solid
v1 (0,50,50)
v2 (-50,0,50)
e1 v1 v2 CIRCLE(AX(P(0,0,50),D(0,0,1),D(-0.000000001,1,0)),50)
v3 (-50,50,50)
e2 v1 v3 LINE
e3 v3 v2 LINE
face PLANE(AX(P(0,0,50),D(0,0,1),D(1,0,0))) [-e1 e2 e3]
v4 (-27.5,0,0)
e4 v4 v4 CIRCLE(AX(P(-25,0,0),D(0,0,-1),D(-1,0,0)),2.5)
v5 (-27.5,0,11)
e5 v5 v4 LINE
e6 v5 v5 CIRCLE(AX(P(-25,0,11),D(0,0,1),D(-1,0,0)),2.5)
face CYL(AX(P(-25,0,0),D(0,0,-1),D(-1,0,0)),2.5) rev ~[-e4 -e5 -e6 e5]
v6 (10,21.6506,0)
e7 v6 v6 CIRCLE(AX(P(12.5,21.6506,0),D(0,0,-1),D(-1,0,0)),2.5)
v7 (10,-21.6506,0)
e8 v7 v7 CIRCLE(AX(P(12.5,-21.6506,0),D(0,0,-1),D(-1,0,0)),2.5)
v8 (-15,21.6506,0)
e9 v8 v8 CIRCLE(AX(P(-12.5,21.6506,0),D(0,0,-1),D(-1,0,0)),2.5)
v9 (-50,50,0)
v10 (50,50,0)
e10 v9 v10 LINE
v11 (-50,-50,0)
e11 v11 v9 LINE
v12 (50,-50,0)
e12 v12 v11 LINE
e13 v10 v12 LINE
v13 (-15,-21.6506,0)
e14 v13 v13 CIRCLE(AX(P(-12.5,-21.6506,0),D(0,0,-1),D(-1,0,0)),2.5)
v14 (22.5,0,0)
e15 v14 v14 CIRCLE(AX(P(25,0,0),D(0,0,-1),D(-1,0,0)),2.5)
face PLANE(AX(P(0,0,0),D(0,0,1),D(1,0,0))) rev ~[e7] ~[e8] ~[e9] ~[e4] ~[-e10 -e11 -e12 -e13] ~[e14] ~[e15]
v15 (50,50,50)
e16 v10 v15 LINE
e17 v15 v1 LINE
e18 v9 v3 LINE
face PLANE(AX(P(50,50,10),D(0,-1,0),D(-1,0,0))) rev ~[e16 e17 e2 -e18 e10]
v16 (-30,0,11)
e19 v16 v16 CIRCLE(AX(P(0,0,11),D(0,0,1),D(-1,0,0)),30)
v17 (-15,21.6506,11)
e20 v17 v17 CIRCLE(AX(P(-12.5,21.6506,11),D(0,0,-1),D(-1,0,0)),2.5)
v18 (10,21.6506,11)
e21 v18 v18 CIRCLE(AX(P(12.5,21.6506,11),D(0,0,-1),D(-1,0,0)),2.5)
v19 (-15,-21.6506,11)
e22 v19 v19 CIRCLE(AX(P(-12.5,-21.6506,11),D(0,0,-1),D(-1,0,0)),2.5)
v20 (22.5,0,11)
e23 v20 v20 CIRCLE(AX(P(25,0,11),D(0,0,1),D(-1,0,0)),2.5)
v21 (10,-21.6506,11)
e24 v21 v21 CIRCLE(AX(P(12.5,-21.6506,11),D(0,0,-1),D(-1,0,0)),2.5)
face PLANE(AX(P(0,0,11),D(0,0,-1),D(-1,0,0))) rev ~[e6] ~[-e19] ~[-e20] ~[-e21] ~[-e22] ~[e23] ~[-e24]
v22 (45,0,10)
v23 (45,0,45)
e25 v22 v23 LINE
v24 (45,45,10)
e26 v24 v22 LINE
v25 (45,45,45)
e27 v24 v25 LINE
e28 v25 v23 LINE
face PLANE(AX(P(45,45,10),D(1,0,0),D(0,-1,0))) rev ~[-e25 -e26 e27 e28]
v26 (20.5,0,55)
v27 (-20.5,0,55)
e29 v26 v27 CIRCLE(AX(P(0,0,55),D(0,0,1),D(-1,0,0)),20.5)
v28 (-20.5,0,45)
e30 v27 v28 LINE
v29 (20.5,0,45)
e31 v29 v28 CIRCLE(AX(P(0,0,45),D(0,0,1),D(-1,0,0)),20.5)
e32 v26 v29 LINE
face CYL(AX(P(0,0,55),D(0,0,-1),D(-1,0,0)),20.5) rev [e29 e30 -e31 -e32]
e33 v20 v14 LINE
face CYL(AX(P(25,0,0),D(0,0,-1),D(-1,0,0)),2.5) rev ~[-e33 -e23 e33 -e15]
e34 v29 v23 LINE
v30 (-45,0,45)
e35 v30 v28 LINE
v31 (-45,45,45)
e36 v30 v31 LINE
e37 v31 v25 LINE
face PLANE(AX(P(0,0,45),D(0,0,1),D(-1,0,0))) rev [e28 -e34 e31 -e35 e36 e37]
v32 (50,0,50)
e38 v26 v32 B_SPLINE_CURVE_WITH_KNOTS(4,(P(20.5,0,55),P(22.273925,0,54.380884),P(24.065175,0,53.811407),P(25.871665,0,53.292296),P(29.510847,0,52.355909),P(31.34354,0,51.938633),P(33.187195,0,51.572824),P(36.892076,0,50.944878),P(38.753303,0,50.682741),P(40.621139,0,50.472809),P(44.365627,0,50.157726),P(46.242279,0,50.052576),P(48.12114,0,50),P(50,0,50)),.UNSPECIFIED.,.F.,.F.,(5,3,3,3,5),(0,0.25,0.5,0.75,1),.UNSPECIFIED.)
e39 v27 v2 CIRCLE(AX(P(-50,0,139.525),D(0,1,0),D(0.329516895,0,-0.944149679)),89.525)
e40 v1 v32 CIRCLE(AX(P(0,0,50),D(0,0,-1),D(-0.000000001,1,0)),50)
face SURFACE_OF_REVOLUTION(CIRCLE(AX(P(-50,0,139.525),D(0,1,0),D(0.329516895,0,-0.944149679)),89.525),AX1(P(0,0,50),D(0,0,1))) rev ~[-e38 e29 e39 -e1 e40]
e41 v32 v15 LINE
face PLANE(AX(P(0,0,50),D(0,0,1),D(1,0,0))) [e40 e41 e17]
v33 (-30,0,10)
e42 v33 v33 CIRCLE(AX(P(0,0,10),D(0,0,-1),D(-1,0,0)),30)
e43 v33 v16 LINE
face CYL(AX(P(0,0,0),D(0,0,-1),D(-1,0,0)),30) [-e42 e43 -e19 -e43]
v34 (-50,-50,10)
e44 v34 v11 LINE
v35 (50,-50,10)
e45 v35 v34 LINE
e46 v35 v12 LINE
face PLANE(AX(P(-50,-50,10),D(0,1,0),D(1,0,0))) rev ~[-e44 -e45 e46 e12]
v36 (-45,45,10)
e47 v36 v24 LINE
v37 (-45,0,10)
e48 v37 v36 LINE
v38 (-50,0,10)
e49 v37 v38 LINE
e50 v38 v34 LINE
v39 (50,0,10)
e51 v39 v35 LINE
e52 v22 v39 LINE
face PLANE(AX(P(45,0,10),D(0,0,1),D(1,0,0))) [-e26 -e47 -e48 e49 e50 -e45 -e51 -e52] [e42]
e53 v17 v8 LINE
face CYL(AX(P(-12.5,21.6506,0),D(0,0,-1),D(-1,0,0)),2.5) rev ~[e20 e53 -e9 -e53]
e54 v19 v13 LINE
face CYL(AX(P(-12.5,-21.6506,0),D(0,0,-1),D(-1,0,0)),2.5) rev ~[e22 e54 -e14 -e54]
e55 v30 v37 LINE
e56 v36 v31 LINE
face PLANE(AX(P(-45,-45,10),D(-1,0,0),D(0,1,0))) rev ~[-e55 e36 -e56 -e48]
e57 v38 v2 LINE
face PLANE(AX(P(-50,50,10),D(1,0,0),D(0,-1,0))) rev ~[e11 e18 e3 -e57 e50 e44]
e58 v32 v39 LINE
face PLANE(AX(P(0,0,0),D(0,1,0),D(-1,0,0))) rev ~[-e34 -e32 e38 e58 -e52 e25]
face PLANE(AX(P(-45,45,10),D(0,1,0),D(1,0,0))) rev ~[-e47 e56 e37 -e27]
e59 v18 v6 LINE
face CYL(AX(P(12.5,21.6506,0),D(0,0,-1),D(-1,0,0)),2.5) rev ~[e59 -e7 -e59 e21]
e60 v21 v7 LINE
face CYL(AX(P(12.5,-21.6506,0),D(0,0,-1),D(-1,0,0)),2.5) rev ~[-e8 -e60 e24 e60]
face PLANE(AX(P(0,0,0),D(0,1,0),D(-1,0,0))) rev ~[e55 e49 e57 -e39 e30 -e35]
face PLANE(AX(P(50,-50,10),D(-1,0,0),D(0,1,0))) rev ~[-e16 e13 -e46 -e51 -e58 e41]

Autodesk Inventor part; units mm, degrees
ref_plane "YZ Plane" through (0, 0, 0) normal (1, 0, 0) x (0, 1, 0)
ref_plane "XZ Plane" through (0, 0, 0) normal (0, 1, 0) x (-1, 0, 0)
ref_plane "XY Plane" through (0, 0, 0) normal (0, 0, 1) x (1, 0, 0)
sketch "Sketch1" plane through (0, 0, 0) normal (0, 0, 1) x (1, 0, 0)
  circle A0 centre (0, 0) radius 30
  line L0 (50, -50) -> (-50, -50)
  line L1 (-50, -50) -> (-50, 50)
  line L2 (-50, 50) -> (50, 50)
  line L3 (50, 50) -> (50, -50)
  line L4 (50, -50) -> (-50, 50) construction
  line L5 (-50, -50) -> (50, 50) construction
  dimension "d2" = 60
  dimension "d30" = 100
  dimension "d31" = 100
extrude "Extrusion1" add sketch "Sketch1" along normal blind 10 contours A0 | L0 L1 L2 L3
sketch "Sketch2" plane through (0, 0, 0) normal (0, 0, -1) x (-1, 0, 0)
  circle A0 centre (0, 0) radius 25 construction
  line L0 (0, 0) -> (-12.5, 21.6506) construction
  line L1 (0, 0) -> (25, 0) construction
  line L2 (0, 0) -> (-25, 0) construction
  line L3 (0, 0) -> (12.5, -21.6506) construction
  line L4 (0, 0) -> (12.5, 21.6506) construction
  line L5 (0, 0) -> (-12.5, -21.6506) construction
  circle A1 centre (12.5, 21.6506) radius 2.5
  circle A2 centre (-12.5, 21.6506) radius 2.5
  circle A3 centre (-25, 0) radius 2.5
  circle A4 centre (-12.5, -21.6506) radius 2.5
  circle A5 centre (12.5, -21.6506) radius 2.5
  circle A6 centre (25, 0) radius 2.5
  dimension "d3" = 50
  dimension "d4" = 60
  dimension "d5" = 60
  dimension "d6" = 60
  dimension "d7" = 60
  dimension "d8" = 60
  dimension "d9" = 5
  dimension "d10" = 5
  dimension "d11" = 5
  dimension "d12" = 5
  dimension "d13" = 5
  dimension "d14" = 5
extrude "Extrusion2" cut sketch "Sketch2" against normal through all
sketch "Sketch8" plane through (0, 0, 0) normal (0, 0, -1) x (-1, 0, 0)
  circle A0 centre (0, 0) radius 30
  circle A1 centre (-12.5, 21.6506) radius 2.5 projected
  circle A2 centre (-25, 0) radius 2.5 projected
  circle A3 centre (-12.5, -21.6506) radius 2.5 projected
  circle A4 centre (12.5, -21.6506) radius 2.5 projected
  circle A5 centre (25, 0) radius 2.5 projected
  circle A6 centre (12.5, 21.6506) radius 2.5 projected
  dimension "d34" = 60
extrude "Extrusion5" add sketch "Sketch8" against normal blind 11
sketch "Sketch9" plane through (0, 0, 10) normal (0, 0, 1) x (1, 0, 0)
  circle A0 centre (0, 0) radius 30 projected
  line L0 (50, 50) -> (-50, 50) projected
  line L1 (-50, 50) -> (-50, -50) projected
  line L2 (-50, -50) -> (50, -50) projected
  line L3 (50, -50) -> (50, 50) projected
  line L4 (-45, -45) -> (-45, 45)
  line L5 (-45, 45) -> (45, 45)
  line L6 (45, 45) -> (45, -45)
  line L7 (45, -45) -> (-45, -45)
  dimension "d37" = 5
extrude "Extrusion6" add sketch "Sketch9" along normal blind 40 contours L3 L2 L1 L0
sketch "Sketch10" plane through (0, 0, 50) normal (0, 0, 1) x (1, 0, 0)
  circle A0 centre (0, 0) radius 20.5
  dimension "d40" = 41
sketch "Sketch11" plane through (0, 0, 0) normal (0, 1, 0) x (-1, 0, 0)
  line L0 (45, 50) -> (-45, 50) projected
  line L1 (0, 50) -> (0, 55)
  line L2 (-50, 50) -> (50, 50) projected
  line L3 (-20.5, 55) -> (20.5, 55)
  arc A0 (20.5, 55) -> (50, 50) centre (50, 139.525) ccw
  arc A1 (-50, 50) -> (-20.5, 55) centre (-50, 139.525) ccw
  line L4 (20.5, 55) -> (20.5, 50)
  line L5 (20.5, 50) -> (20.5, 45)
  line L6 (20.5, 45) -> (50, 45)
  line L7 (50, 45) -> (50, 50)
  point P0 (0, 0)
  dimension "d41" = 5
  dimension "d42" = 41
  dimension "d43" = 5
revolve "Revolution2" add sketch "Sketch11" angle 360 about axis through (0, 0, 50) along (0, 0, 1) contours L2 L7 L6 L5 L0 | L0 L4 A0 L2
sketch "Sketch12" plane through (0, 0, 50) normal (0, 0, 1) x (1, 0, 0)
  arc A0 (-21.7945, 45) -> (-45, 21.7945) centre (0, 0) ccw projected
  line L0 (-45, -45) -> (45, -45) projected
  line L1 (45, -45) -> (45, 45) projected
  line L2 (45, 45) -> (-45, 45) projected
  line L3 (-45, 45) -> (-45, -45) projected
  circle A1 centre (0, 0) radius 30 projected
  arc A2 (45, 21.7945) -> (21.7945, 45) centre (0, 0) ccw projected
  arc A3 (21.7945, -45) -> (45, -21.7945) centre (0, 0) ccw projected
  arc A4 (-45, -21.7945) -> (-21.7945, -45) centre (0, 0) ccw projected
  point P0 (-45, 21.7945)
  point P1 (-21.7945, 45)
extrude "Extrusion7" add sketch "Sketch12" against normal blind 5 contours A0 L3 L2 | L2 L1 A2 | A4 L0 L3 | L1 L0 A3
sketch "Sketch13" plane through (0, 0, 0) normal (0, 1, 0) x (-1, 0, 0)
  line L0 (45, 10) -> (45, 45) projected
  line L1 (45, 10) -> (50, 10)
  line L2 (50, 0) -> (50, 50) projected
  line L3 (50, 10) -> (50, 79.5964)
  line L4 (50, 79.5964) -> (-50, 79.5964)
  line L5 (-45, 10) -> (-45, 45) projected
  line L6 (-45, 10) -> (-50, 10)
  line L7 (-50, 0) -> (-50, 50) projected
  line L8 (-50, 10) -> (-50, 79.5964)
  line L9 (-45, 10) -> (45, 10) projected
  line L10 (30, 11) -> (-30, 11) projected
  line L11 (30, 10) -> (30, 11) projected
  line L12 (-30, 10) -> (-30, 11) projected
  point P0 (0, 0)
  dimension "d47" = 100
extrude "Extrusion8" cut sketch "Sketch13" against normal through all contours L9 L11 L10 L12 L6 L7 L8 L4 L3 L2 L1
sketch "Sketch14" plane through (-50, -50, 0) normal (0, -1, 0) x (1, 0, 0)
  line L0 (80, 11) -> (20, 11) projected
  line L1 (100, 10) -> (80, 10) projected
  line L2 (20, 11) -> (80, 11)
  line L3 (80, 11) -> (80, 10)
  line L4 (80, 10) -> (20, 10)
  line L5 (20, 10) -> (20, 11)
  point P0 (50, 0)
extrude "Extrusion9" cut sketch "Sketch14" against normal blind 10
properties part number "soporte"
